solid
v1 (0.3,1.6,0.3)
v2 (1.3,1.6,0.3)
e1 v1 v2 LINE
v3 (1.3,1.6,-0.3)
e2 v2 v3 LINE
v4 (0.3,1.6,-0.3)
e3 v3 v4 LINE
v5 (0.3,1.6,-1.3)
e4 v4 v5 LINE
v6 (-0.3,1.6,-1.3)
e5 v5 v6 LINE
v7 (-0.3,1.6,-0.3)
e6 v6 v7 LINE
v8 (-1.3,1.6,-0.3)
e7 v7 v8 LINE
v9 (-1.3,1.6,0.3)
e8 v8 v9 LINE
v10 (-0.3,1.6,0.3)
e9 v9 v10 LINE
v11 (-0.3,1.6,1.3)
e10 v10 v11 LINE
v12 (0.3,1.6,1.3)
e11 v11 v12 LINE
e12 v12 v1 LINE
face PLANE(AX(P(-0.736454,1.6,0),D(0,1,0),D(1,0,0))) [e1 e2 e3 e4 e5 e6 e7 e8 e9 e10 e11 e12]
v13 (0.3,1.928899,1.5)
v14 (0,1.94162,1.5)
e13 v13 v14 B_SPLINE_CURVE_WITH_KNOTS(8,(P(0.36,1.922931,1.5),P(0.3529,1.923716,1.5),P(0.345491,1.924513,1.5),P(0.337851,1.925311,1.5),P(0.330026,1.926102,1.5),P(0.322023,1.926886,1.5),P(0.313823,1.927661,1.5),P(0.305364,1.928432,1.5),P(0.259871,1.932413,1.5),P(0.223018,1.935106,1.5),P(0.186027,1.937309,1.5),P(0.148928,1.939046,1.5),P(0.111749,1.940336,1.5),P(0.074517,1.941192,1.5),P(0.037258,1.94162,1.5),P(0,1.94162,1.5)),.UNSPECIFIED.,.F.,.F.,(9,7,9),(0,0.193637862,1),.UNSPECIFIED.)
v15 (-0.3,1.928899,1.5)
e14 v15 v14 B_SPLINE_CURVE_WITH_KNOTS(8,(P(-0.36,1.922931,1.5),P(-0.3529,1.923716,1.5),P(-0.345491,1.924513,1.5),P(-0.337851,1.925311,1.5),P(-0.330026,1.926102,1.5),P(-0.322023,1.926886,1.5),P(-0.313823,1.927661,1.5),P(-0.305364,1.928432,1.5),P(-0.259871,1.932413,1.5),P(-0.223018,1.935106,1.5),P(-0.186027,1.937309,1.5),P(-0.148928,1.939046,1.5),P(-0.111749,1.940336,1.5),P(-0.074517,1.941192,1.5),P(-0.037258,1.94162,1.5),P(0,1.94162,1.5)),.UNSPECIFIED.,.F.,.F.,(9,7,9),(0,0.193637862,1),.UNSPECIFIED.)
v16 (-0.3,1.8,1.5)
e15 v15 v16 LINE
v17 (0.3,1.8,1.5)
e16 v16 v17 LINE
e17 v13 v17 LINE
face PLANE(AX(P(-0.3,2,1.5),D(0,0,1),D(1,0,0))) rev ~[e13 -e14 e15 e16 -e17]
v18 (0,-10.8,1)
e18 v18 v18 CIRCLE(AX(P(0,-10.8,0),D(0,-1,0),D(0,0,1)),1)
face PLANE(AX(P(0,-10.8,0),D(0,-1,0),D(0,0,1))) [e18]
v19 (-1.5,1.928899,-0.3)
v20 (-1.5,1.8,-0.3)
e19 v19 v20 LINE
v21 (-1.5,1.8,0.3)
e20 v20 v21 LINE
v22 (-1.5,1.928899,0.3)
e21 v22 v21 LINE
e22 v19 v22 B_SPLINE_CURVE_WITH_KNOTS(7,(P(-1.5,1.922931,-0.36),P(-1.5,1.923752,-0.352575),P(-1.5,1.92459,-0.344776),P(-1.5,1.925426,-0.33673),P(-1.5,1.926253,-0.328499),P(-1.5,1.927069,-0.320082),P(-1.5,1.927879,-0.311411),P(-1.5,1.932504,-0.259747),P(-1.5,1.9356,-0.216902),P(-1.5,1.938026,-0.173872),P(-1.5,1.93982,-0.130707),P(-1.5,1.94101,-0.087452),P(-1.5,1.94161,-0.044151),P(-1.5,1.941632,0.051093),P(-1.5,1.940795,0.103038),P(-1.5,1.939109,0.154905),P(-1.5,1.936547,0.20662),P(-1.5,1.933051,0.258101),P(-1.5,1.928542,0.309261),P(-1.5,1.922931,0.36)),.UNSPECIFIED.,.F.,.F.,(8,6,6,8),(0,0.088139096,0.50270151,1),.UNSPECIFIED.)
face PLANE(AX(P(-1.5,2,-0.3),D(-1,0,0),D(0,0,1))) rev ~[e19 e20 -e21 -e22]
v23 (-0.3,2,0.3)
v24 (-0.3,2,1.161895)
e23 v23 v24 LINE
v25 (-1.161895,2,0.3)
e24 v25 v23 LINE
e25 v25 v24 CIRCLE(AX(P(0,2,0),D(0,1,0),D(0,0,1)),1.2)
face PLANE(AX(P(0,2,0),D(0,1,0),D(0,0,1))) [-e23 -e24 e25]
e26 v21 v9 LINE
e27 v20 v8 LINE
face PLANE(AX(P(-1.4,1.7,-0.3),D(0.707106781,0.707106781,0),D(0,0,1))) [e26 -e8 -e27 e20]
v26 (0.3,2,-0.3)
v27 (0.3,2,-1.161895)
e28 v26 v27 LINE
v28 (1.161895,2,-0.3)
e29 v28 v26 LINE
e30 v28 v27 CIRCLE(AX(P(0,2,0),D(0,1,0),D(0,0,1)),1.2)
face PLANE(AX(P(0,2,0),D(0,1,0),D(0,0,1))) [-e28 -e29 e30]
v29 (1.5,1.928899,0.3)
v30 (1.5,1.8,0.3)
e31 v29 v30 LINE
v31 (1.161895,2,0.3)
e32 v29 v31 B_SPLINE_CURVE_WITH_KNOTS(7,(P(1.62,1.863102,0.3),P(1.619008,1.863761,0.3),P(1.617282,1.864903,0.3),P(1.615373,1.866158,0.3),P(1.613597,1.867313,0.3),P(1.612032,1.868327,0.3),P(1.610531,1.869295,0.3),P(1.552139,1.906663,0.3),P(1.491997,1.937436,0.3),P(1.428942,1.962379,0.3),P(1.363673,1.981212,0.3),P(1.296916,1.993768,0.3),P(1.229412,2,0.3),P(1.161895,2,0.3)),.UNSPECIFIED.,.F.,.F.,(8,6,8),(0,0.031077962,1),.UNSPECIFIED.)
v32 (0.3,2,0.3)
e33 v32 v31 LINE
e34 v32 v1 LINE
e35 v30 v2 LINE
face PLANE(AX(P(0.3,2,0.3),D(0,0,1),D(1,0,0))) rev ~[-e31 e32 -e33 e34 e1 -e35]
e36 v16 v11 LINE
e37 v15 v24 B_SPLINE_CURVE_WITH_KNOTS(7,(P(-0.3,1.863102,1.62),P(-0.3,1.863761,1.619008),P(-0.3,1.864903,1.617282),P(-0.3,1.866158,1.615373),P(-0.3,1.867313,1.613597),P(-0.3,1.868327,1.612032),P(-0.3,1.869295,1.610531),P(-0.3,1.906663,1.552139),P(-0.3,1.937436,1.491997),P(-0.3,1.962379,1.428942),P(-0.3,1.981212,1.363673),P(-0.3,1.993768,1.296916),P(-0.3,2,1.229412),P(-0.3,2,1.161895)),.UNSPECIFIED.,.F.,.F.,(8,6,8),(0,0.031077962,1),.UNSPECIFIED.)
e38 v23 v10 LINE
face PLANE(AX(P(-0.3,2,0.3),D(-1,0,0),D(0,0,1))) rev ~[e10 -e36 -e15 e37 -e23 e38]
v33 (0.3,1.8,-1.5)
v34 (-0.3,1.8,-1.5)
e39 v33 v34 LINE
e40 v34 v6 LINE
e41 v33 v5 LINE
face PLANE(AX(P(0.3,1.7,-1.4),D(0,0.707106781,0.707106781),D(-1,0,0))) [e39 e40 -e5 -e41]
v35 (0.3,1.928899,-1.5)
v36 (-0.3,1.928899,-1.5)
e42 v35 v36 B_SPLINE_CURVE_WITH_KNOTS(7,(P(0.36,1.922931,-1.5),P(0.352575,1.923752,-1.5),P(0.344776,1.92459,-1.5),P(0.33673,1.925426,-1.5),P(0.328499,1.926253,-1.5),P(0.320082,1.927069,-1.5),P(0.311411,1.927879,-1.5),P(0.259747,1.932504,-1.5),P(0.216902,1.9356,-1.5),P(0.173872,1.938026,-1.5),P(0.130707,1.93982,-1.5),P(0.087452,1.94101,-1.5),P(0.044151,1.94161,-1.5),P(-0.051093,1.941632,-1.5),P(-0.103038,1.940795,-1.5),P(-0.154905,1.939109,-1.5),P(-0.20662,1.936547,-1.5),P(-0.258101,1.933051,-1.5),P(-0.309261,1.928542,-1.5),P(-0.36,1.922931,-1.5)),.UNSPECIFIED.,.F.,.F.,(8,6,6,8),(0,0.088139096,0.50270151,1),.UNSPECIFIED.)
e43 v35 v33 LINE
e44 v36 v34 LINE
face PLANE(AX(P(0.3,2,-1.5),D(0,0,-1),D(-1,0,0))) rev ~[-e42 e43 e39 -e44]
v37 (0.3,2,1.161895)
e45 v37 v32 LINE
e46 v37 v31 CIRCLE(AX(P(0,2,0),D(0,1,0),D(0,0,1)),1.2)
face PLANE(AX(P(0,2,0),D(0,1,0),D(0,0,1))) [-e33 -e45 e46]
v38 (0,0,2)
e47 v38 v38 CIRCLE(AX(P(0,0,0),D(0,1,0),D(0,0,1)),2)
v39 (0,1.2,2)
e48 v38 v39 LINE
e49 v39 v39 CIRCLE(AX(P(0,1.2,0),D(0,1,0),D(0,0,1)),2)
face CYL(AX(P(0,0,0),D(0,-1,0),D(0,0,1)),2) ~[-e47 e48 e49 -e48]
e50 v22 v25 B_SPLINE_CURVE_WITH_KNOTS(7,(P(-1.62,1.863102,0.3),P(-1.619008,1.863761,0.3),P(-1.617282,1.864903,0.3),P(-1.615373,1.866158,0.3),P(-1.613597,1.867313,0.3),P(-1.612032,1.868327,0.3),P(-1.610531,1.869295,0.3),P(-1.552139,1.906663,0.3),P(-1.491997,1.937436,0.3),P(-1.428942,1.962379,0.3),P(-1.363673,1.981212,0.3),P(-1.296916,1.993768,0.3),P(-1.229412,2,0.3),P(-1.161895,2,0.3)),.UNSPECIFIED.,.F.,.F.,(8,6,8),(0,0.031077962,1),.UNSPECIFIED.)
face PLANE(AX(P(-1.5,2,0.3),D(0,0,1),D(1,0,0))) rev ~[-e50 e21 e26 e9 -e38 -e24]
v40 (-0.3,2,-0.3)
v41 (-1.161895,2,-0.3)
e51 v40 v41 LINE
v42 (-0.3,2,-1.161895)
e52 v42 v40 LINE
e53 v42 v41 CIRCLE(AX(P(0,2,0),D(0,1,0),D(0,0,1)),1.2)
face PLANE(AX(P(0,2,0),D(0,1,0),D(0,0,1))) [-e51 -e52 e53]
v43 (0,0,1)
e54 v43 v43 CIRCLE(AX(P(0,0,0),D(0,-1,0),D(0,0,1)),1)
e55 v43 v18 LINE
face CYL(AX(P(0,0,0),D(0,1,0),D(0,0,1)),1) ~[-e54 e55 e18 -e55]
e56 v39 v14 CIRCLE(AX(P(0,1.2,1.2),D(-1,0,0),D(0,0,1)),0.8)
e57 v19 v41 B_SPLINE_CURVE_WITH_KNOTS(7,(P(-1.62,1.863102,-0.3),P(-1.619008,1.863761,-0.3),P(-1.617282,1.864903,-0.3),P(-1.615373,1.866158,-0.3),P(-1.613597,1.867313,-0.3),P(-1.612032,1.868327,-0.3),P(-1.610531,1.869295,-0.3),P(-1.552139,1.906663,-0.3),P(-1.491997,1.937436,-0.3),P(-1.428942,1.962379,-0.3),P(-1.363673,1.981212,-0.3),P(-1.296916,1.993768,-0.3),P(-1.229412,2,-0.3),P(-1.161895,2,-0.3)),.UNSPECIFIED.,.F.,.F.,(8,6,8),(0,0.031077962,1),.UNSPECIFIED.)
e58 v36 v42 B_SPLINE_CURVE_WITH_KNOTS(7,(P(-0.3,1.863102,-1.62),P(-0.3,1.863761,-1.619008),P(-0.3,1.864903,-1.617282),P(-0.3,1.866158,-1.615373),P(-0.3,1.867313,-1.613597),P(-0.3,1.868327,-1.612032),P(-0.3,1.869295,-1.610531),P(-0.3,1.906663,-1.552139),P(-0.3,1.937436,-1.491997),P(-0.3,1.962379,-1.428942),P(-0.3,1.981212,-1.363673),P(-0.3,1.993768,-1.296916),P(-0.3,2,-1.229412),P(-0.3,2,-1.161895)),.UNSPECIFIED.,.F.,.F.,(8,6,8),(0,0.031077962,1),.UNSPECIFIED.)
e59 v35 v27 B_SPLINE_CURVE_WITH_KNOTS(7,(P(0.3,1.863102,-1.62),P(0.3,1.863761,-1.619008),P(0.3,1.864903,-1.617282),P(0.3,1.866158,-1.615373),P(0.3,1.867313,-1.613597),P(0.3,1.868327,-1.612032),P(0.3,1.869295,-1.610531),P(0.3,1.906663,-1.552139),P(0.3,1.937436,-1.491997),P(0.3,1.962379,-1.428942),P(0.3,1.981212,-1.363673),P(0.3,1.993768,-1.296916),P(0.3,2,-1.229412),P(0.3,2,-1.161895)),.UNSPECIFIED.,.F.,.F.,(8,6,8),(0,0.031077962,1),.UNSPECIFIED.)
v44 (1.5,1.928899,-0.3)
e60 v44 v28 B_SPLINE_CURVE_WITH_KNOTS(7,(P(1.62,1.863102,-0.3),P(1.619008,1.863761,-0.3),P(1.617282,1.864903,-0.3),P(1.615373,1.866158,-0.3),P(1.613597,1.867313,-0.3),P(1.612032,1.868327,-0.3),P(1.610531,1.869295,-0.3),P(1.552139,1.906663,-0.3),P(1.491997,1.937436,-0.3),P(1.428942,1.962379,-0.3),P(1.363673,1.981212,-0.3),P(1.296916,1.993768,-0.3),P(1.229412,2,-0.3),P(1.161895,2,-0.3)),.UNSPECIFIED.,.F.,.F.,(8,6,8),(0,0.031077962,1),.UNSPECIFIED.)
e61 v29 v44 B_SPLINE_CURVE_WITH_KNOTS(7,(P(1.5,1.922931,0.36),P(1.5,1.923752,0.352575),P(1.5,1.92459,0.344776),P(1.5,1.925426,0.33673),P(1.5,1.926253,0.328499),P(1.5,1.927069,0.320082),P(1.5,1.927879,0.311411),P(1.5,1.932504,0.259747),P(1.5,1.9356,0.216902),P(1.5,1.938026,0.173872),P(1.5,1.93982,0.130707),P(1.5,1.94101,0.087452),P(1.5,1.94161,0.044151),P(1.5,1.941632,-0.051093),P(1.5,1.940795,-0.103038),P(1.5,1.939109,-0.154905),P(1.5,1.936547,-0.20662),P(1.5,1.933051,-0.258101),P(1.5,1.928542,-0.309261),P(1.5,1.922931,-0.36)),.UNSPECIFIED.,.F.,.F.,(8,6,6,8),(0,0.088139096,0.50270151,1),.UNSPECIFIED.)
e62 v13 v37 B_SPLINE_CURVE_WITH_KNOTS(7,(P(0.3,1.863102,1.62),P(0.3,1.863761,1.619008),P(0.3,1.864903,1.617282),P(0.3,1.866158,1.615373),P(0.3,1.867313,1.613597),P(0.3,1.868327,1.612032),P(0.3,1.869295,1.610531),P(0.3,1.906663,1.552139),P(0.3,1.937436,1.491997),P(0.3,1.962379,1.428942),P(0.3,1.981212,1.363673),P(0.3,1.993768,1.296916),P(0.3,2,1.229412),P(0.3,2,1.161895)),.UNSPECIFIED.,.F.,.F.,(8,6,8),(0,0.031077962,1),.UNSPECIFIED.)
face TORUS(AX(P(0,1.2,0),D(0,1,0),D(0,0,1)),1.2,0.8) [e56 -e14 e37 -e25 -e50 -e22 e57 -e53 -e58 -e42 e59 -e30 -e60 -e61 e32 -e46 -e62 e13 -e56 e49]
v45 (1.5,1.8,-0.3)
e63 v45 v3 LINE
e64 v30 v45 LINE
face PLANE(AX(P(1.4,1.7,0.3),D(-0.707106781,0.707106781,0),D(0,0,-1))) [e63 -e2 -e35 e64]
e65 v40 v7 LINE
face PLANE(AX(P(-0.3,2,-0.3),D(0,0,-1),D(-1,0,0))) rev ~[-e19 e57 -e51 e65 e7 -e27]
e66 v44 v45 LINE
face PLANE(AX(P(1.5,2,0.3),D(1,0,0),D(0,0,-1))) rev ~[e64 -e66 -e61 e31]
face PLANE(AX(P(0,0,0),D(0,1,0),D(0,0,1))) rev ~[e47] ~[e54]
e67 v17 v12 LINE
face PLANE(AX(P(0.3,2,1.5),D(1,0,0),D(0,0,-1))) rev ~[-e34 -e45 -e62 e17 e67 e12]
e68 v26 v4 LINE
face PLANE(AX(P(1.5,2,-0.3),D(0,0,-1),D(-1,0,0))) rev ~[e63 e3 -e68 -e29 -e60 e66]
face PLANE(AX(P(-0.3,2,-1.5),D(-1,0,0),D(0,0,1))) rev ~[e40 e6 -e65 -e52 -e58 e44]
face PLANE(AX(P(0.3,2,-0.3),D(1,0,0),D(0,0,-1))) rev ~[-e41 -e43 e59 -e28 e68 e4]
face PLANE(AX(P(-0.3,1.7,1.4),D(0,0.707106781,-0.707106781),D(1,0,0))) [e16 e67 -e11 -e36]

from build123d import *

# Parameters (mm, degrees)
SKETCH1_R           = 2
BOSS_EXTRUDE1_DEPTH = 2
FILLET1_R           = 0.8
SKETCH2_W           = 0.6
SKETCH2_H           = 0.6
CUT_EXTRUDE1_DEPTH  = 0.4
CHAMFER1_SIZE       = 0.2
SKETCH3_R           = 1
BOSS_EXTRUDE2_DEPTH = 10.8


with BuildPart() as part:
    # Sketch1 → Boss-Extrude1 (new body)
    with BuildSketch(Plane(origin=(0, 0, 0), x_dir=(1, 0, 0), z_dir=(0, 1, 0))):
        with Locations(Location((0, 0, 0), (0, 0, 270))):
            Circle(SKETCH1_R)
    extrude(amount=BOSS_EXTRUDE1_DEPTH)

    # Fillet1
    fillet1_edges = [part.edges().sort_by_distance(p)[0] for p in [
        (0, 2, -2),
    ]]
    fillet(fillet1_edges, radius=FILLET1_R)

    # Sketch2 → Cut-Extrude1 (cut)
    with BuildSketch(Plane(origin=(0, 2, 0), x_dir=(1, 0, 0), z_dir=(0, 1, 0))):
        with BuildLine():
            Line((-0.3, 0.3), (-1.161895004, 0.3))
            ThreePointArc((-1.161895004, 0.3), (-1.2, 0), (-1.161895004, -0.3))
            Line((-1.161895004, -0.3), (-0.3, -0.3))
            Line((-0.3, -0.3), (-0.3, 0.3))
        make_face()
        with BuildLine():
            Line((-0.3, 1.161895004), (-0.3, 0.3))
            Line((-0.3, 0.3), (0.3, 0.3))
            Line((0.3, 0.3), (0.3, 1.161895004))
            ThreePointArc((0.3, 1.161895004), (0, 1.2), (-0.3, 1.161895004))
        make_face()
        with BuildLine():
            Line((-1.161895004, 0.3), (-1.5, 0.3))
            Line((-1.5, 0.3), (-1.5, -0.3))
            Line((-1.5, -0.3), (-1.161895004, -0.3))
            ThreePointArc((-1.161895004, -0.3), (-1.2, 0), (-1.161895004, 0.3))
        make_face()
        with BuildLine():
            Line((-0.3, 1.5), (-0.3, 1.161895004))
            ThreePointArc((-0.3, 1.161895004), (0, 1.2), (0.3, 1.161895004))
            Line((0.3, 1.161895004), (0.3, 1.5))
            Line((0.3, 1.5), (-0.3, 1.5))
        make_face()
        with BuildLine():
            Line((1.161895004, 0.3), (0.3, 0.3))
            Line((0.3, 0.3), (0.3, -0.3))
            Line((0.3, -0.3), (1.161895004, -0.3))
            ThreePointArc((1.161895004, -0.3), (1.190435636, -0.151205151), (1.2, 0))
            ThreePointArc((1.2, 0), (1.190435636, 0.151205151), (1.161895004, 0.3))
        make_face()
        with BuildLine():
            Line((1.5, 0.3), (1.161895004, 0.3))
            ThreePointArc((1.161895004, 0.3), (1.190435636, 0.151205151), (1.2, 0))
            ThreePointArc((1.2, 0), (1.190435636, -0.151205151), (1.161895004, -0.3))
            Line((1.161895004, -0.3), (1.5, -0.3))
            Line((1.5, -0.3), (1.5, 0.3))
        make_face()
        Rectangle(SKETCH2_W, SKETCH2_H)
        with BuildLine():
            Line((0.3, -0.3), (-0.3, -0.3))
            Line((-0.3, -0.3), (-0.3, -1.161895004))
            ThreePointArc((-0.3, -1.161895004), (0, -1.2), (0.3, -1.161895004))
            Line((0.3, -1.161895004), (0.3, -0.3))
        make_face()
        with BuildLine():
            ThreePointArc((0.3, -1.161895004), (0, -1.2), (-0.3, -1.161895004))
            Line((-0.3, -1.161895004), (-0.3, -1.5))
            Line((-0.3, -1.5), (0.3, -1.5))
            Line((0.3, -1.5), (0.3, -1.161895004))
        make_face()
    extrude(amount=-CUT_EXTRUDE1_DEPTH, mode=Mode.SUBTRACT)

    # Chamfer1
    chamfer1_edges = [part.edges().sort_by_distance(p)[0] for p in [
        (-1.5, 1.6, 0),
        (0, 1.6, 1.5),
        (0, 1.6, -1.5),
        (1.5, 1.6, 0),
    ]]
    chamfer(chamfer1_edges, length=CHAMFER1_SIZE)

    # Sketch3 → Boss-Extrude2 (add)
    with BuildSketch(Plane.XZ):
        with Locations(Location((0, 0, 0), (0, 0, 90))):
            Circle(SKETCH3_R)
    extrude(amount=BOSS_EXTRUDE2_DEPTH)


solid = part.part
